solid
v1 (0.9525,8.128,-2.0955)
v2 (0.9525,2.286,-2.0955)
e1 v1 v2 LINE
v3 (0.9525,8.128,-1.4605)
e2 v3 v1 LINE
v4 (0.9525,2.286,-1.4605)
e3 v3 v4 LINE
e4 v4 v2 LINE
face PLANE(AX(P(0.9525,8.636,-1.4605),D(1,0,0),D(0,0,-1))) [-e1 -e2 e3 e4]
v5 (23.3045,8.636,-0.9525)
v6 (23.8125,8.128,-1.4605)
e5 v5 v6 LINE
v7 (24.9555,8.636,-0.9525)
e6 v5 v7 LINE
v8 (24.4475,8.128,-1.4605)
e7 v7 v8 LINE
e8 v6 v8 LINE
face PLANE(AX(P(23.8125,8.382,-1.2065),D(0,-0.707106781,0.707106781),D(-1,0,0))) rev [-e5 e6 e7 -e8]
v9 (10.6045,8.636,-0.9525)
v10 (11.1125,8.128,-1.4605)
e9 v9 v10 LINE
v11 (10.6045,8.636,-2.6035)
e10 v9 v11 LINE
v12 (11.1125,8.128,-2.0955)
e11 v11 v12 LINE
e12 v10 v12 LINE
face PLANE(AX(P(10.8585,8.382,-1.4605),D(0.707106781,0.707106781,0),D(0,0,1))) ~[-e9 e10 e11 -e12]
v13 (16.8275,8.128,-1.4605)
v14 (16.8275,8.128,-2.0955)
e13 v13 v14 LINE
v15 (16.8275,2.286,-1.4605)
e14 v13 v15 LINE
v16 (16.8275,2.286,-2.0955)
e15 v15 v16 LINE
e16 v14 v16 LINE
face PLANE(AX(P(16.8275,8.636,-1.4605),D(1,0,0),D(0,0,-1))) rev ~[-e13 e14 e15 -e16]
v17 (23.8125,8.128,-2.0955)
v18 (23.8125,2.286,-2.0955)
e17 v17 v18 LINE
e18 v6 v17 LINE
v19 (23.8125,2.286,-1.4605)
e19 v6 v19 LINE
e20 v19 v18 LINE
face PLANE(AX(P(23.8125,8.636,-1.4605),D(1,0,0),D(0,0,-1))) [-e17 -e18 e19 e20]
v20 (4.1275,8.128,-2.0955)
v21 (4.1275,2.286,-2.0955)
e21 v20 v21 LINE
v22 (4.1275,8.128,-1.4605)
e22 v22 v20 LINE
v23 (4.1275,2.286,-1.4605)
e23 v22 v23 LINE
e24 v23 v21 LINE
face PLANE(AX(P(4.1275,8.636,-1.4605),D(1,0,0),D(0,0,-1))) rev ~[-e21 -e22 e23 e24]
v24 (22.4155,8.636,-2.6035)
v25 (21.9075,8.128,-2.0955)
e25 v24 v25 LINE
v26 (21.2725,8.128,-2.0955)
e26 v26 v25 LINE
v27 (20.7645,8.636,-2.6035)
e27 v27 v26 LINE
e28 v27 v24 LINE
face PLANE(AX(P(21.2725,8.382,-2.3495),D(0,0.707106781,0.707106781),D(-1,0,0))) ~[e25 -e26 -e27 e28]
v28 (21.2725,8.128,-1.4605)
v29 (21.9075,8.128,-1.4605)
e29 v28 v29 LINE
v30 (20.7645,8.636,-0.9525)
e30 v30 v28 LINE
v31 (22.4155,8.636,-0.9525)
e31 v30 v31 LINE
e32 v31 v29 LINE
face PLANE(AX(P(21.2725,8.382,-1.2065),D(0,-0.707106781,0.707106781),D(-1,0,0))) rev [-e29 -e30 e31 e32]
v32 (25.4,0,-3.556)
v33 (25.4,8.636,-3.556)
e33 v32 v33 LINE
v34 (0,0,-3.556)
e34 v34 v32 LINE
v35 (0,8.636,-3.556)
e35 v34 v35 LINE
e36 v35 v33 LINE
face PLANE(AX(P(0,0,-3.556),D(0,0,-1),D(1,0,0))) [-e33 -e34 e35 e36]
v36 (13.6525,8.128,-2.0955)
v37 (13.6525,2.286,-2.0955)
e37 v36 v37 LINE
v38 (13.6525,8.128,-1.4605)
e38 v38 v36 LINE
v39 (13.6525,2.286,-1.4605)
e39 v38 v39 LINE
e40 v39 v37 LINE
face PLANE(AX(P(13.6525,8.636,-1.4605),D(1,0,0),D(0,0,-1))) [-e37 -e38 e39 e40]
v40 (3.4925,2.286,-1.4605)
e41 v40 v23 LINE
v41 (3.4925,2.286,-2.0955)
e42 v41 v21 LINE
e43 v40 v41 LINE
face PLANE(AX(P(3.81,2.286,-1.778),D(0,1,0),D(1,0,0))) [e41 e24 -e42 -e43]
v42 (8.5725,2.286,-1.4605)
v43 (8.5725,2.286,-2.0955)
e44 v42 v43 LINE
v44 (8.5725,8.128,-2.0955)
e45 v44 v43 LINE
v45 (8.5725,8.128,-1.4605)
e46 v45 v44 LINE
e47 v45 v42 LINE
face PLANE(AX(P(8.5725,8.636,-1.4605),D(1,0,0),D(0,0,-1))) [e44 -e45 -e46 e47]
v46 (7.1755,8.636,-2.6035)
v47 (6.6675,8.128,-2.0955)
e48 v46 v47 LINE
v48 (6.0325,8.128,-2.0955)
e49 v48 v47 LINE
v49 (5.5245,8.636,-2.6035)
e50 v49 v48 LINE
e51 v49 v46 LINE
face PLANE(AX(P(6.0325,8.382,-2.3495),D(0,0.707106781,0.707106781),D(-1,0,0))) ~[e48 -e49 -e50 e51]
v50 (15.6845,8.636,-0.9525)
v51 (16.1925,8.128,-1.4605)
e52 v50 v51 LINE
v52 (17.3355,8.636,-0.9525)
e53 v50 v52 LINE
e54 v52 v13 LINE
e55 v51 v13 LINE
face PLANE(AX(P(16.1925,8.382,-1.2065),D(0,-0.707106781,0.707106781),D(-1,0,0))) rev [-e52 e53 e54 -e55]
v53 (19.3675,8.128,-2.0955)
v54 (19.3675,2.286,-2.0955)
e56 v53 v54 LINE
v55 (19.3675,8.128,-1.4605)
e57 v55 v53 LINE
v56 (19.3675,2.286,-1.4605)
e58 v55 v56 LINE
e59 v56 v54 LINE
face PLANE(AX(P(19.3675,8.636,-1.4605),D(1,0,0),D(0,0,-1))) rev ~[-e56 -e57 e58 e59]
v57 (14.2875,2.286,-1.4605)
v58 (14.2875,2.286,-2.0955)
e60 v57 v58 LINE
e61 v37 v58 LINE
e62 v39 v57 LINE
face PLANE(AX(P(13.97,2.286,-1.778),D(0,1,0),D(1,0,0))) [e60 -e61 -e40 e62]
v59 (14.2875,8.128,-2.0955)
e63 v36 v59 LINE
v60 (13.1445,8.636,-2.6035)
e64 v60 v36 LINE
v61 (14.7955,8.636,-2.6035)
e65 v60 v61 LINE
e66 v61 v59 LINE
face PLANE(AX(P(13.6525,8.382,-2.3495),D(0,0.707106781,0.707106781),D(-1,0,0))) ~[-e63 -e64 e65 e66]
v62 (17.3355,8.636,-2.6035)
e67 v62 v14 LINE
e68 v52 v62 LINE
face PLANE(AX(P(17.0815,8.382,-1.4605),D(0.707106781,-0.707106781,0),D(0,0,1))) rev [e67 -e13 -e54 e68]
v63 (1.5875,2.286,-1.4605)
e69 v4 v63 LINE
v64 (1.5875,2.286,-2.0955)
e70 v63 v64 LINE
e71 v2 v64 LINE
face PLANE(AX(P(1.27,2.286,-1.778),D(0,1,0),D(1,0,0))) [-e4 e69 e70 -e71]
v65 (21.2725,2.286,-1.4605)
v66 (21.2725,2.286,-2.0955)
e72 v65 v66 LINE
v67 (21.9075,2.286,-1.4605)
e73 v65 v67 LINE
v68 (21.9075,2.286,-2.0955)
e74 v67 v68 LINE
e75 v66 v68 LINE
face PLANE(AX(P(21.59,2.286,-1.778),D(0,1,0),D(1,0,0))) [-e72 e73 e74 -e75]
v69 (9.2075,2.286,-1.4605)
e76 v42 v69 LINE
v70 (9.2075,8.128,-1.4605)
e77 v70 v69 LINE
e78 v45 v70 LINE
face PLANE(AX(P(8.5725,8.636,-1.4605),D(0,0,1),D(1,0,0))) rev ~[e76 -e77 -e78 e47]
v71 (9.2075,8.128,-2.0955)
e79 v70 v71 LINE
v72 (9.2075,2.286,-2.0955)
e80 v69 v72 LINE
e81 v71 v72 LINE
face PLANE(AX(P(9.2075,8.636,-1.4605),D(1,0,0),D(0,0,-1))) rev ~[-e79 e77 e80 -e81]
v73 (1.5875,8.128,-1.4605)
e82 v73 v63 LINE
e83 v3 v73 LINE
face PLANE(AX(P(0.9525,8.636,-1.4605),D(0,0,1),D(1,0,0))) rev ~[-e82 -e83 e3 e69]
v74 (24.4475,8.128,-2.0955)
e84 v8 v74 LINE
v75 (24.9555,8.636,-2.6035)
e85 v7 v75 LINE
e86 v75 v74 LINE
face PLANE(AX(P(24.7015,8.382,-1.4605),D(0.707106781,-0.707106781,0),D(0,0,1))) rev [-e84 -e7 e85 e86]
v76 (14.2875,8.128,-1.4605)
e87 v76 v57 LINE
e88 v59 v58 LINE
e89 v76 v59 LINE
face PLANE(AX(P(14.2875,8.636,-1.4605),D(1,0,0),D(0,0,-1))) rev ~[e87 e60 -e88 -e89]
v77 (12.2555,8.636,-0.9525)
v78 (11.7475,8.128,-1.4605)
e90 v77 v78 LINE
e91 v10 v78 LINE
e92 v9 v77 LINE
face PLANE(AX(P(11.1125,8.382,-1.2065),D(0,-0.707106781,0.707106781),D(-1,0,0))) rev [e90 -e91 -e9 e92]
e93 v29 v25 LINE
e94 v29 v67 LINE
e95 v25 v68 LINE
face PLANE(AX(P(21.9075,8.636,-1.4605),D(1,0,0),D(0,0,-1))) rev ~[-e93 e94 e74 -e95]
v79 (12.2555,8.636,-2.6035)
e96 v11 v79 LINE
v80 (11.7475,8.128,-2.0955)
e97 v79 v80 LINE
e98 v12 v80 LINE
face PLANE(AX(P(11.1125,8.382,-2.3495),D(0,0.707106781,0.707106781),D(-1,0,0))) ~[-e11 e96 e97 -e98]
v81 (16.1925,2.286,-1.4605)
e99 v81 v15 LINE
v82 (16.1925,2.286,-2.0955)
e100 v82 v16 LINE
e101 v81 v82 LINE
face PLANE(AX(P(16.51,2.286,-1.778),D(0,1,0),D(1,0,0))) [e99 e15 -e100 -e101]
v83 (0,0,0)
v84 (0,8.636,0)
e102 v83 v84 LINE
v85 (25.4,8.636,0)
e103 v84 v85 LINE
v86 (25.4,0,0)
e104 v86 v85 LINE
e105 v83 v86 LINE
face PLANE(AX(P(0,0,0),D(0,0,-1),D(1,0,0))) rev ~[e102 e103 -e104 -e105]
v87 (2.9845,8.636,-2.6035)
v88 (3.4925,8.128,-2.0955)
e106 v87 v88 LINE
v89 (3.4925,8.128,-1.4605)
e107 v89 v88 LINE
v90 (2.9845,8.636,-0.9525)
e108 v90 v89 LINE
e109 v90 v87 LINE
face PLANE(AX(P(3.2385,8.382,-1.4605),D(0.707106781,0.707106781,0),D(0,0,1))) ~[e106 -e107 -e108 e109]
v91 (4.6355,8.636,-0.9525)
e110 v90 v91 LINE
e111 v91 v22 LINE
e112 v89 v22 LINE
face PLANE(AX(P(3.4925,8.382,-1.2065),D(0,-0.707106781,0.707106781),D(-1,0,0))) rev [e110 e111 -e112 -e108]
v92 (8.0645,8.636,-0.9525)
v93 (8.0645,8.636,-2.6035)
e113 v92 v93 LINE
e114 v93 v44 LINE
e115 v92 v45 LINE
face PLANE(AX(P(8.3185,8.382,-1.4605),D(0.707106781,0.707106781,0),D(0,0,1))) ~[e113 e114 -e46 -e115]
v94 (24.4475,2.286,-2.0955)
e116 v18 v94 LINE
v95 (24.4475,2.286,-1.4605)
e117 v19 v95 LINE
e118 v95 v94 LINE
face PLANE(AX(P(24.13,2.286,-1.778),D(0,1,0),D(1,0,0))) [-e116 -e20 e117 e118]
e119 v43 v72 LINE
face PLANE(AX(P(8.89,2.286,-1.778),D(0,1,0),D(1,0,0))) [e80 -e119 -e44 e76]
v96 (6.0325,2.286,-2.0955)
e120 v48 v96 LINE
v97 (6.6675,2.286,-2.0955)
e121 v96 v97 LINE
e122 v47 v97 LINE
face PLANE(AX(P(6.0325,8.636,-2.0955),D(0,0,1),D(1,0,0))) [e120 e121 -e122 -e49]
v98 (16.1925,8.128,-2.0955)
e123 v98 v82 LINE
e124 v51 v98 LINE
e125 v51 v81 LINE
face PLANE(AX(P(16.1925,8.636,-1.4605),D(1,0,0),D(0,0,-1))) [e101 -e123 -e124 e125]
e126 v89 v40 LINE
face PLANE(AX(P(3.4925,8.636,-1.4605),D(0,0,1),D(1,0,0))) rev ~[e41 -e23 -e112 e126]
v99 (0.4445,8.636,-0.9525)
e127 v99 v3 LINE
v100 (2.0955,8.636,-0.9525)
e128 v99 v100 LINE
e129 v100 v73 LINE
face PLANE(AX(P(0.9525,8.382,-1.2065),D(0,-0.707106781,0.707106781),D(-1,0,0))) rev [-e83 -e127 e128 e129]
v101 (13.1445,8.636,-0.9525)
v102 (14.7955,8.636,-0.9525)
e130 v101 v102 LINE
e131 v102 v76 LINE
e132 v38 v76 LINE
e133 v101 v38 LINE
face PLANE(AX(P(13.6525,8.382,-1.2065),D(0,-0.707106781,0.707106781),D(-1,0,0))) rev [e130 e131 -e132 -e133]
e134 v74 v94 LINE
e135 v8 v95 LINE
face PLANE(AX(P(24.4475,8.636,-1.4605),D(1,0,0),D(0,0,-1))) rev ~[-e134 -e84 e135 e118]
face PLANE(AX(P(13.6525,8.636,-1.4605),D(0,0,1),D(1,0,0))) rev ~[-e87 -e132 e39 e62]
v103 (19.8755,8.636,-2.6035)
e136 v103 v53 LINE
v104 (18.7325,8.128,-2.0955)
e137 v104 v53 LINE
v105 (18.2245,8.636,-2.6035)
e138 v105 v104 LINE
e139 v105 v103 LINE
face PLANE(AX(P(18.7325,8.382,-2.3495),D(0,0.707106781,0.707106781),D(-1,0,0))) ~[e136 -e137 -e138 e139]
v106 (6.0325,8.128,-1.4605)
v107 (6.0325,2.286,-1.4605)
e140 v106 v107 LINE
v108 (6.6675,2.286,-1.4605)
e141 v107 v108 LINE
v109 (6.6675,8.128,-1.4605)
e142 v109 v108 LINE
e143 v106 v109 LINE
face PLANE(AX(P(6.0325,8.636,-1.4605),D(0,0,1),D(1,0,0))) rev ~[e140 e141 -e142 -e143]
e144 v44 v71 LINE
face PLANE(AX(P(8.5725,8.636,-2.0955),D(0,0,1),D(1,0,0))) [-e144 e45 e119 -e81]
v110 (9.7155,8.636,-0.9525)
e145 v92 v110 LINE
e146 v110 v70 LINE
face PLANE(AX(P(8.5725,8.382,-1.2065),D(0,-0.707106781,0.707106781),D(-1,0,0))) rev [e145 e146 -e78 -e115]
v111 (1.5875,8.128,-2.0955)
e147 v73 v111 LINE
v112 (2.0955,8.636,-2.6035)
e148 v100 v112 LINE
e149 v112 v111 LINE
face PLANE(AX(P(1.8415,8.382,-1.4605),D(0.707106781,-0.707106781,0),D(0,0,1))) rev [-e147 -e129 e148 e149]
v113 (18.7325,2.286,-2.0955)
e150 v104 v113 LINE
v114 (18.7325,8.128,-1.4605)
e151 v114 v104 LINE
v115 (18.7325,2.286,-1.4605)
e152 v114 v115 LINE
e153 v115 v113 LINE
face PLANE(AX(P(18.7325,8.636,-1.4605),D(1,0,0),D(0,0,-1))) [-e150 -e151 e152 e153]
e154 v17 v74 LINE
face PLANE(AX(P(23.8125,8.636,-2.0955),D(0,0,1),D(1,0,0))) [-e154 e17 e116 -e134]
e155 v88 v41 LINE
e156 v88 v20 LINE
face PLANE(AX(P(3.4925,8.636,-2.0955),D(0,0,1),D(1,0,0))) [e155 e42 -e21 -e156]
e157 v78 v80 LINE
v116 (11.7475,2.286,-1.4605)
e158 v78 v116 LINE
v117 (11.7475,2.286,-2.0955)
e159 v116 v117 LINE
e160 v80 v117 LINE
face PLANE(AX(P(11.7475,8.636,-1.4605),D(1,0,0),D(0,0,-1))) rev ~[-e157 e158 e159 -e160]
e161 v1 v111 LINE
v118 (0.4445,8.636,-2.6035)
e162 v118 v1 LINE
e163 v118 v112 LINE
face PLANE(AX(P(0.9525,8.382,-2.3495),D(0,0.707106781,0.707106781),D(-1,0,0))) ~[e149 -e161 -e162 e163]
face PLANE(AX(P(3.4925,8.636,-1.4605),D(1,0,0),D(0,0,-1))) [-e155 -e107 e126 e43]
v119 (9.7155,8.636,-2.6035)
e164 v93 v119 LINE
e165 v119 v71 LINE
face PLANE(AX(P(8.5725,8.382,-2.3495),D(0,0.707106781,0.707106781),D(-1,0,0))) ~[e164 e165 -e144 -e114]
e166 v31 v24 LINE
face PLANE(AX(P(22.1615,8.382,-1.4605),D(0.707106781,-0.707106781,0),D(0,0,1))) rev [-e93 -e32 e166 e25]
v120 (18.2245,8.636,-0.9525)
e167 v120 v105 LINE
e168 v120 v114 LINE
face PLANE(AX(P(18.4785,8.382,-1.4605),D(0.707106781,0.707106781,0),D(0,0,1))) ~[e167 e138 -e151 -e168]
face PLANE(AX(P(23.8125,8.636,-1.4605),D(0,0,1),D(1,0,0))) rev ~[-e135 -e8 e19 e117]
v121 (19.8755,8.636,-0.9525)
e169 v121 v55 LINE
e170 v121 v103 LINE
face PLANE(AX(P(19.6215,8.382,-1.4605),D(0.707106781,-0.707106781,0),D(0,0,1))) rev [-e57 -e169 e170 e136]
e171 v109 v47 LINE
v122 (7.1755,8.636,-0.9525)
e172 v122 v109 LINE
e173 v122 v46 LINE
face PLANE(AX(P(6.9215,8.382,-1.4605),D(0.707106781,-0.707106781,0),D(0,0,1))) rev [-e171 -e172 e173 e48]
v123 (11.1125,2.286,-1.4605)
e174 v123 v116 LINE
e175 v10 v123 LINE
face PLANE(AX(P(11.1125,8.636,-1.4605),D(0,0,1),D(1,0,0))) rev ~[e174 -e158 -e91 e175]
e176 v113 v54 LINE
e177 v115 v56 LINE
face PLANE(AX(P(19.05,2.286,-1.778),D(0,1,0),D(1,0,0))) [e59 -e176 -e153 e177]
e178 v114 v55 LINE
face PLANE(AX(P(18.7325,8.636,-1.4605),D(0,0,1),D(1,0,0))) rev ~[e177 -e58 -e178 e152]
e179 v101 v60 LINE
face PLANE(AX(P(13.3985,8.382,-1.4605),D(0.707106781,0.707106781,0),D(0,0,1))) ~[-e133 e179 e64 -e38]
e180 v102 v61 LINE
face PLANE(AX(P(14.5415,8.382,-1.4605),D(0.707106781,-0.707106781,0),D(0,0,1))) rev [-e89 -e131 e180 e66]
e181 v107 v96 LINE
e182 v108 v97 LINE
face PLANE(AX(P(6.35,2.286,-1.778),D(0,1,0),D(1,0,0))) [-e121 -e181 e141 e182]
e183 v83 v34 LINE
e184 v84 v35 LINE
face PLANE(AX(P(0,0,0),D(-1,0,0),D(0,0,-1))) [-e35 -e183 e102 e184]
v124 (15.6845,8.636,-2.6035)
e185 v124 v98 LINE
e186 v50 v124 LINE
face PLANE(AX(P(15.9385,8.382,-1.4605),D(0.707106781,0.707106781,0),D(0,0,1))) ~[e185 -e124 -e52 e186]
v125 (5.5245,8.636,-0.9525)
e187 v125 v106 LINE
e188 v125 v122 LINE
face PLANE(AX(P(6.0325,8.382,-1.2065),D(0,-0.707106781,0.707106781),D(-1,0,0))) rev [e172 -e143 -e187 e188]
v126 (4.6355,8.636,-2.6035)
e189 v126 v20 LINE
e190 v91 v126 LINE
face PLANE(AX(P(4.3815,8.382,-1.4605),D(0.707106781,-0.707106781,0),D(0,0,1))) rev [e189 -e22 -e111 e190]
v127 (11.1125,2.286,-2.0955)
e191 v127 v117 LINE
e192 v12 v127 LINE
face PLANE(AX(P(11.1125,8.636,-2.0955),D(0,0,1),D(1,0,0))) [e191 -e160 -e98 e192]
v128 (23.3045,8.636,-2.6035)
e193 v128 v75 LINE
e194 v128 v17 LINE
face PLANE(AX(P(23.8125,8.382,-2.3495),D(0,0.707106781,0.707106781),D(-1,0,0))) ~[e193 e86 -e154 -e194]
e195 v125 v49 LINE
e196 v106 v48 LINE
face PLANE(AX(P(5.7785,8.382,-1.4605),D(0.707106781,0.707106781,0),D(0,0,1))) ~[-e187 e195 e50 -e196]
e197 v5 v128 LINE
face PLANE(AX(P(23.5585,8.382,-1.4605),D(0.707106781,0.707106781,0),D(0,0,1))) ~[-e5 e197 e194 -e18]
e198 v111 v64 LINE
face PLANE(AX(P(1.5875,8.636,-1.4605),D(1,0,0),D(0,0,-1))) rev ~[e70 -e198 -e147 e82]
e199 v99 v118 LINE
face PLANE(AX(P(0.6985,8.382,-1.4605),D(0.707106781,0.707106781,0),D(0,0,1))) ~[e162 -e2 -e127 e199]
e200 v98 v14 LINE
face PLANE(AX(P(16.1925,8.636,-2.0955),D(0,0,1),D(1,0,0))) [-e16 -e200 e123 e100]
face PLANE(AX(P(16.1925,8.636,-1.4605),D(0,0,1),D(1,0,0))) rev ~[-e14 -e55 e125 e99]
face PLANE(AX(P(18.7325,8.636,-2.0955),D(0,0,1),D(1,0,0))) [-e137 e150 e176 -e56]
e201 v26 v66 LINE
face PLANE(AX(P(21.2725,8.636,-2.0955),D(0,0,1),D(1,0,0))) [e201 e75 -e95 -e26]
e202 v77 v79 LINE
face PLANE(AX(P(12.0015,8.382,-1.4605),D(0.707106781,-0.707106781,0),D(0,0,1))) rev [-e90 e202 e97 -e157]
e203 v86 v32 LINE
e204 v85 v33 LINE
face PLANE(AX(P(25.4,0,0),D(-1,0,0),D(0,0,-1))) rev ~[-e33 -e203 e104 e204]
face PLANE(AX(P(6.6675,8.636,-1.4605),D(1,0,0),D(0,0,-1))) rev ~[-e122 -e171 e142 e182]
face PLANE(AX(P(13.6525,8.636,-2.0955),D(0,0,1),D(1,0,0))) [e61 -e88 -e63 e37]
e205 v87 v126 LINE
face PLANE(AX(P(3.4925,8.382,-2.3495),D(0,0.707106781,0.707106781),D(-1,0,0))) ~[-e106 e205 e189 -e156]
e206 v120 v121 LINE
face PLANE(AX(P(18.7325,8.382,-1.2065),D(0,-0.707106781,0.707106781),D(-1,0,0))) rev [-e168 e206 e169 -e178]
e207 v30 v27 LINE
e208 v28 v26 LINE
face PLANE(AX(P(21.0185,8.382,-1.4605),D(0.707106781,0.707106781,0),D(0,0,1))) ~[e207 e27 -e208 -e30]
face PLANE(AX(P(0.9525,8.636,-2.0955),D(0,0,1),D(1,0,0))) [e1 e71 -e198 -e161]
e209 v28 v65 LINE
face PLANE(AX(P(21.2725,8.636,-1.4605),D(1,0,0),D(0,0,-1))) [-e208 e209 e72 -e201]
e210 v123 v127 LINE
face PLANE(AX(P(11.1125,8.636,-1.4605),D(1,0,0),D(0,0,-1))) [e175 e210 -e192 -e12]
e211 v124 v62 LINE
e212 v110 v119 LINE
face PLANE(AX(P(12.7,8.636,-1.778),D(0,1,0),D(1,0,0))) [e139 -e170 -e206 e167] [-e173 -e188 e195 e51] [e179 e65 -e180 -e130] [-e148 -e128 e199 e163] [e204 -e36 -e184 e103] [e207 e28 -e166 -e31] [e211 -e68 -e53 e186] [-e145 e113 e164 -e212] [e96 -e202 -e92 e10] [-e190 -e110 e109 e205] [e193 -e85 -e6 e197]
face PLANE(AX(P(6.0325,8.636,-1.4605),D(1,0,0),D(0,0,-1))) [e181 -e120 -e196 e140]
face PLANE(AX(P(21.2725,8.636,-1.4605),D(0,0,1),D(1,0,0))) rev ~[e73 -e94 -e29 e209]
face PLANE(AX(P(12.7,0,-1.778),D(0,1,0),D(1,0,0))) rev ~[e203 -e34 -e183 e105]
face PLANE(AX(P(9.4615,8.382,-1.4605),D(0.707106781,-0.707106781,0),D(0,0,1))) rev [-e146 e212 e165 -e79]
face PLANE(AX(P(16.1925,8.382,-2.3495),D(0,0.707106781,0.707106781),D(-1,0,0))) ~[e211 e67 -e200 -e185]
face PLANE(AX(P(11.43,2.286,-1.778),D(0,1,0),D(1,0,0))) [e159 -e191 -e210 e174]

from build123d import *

# Parameters (mm, degrees)
SKETCH1_W                  = 25.4
SKETCH1_H                  = 3.556
BOSS_EXTRUDE1_DEPTH        = 8.636
SKETCH2_W                  = 0.635
SKETCH2_H                  = 0.635
CUT_EXTRUDE1_DEPTH         = 6.35
CHAMFER1_SIZE              = 0.508
LPATTERN1_COUNT            = 10
LPATTERN1_PITCH            = 2.54
CHAMFER1_OF_LPATTERN1_SIZE = 0.508


with BuildPart() as part:
    # Sketch1 → Boss-Extrude1 (new body)
    with BuildSketch(Plane(origin=(0, 0, 0), x_dir=(1, 0, 0), z_dir=(0, 1, 0))):
        with Locations((12.7, 1.778)):
            Rectangle(SKETCH1_W, SKETCH1_H)
    extrude(amount=BOSS_EXTRUDE1_DEPTH)

    # Sketch2 → Cut-Extrude1 (cut)
    with BuildSketch(Plane(origin=(0, 8.636, 0), x_dir=(1, 0, 0), z_dir=(0, 1, 0))):
        with Locations((1.27, 1.778)):
            Rectangle(SKETCH2_W, SKETCH2_H)
    cut_extrude1 = extrude(amount=-CUT_EXTRUDE1_DEPTH, mode=Mode.SUBTRACT)

    # Chamfer1
    chamfer1_edges = [part.edges().sort_by_distance(p)[0] for p in [
        (1.5875, 8.636, -1.778),
        (1.27, 8.636, -2.0955),
        (0.9525, 8.636, -1.778),
        (1.27, 8.636, -1.4605),
    ]]
    chamfer(chamfer1_edges, length=CHAMFER1_SIZE)

    # LPattern1: Cut-Extrude1 ×10
    with Locations(*[(i * LPATTERN1_PITCH, 0, 0) for i in range(1, LPATTERN1_COUNT)]):
        add(cut_extrude1, mode=Mode.SUBTRACT)

    # Chamfer1 of LPattern1
    chamfer1_of_lpattern1_edges = [part.edges().sort_by_distance(p)[0] for p in [
        (4.1275, 8.636, -1.778),
        (3.81, 8.636, -2.0955),
        (3.4925, 8.636, -1.778),
        (3.81, 8.636, -1.4605),
        (6.6675, 8.636, -1.778),
        (6.35, 8.636, -2.0955),
        (6.0325, 8.636, -1.778),
        (6.35, 8.636, -1.4605),
        (9.2075, 8.636, -1.778),
        (8.89, 8.636, -2.0955),
        (8.5725, 8.636, -1.778),
        (8.89, 8.636, -1.4605),
        (11.7475, 8.636, -1.778),
        (11.43, 8.636, -2.0955),
        (11.1125, 8.636, -1.778),
        (11.43, 8.636, -1.4605),
        (14.2875, 8.636, -1.778),
        (13.97, 8.636, -2.0955),
        (13.6525, 8.636, -1.778),
        (13.97, 8.636, -1.4605),
        (16.8275, 8.636, -1.778),
        (16.51, 8.636, -2.0955),
        (16.1925, 8.636, -1.778),
        (16.51, 8.636, -1.4605),
        (19.3675, 8.636, -1.778),
        (19.05, 8.636, -2.0955),
        (18.7325, 8.636, -1.778),
        (19.05, 8.636, -1.4605),
        (21.9075, 8.636, -1.778),
        (21.59, 8.636, -2.0955),
        (21.2725, 8.636, -1.778),
        (21.59, 8.636, -1.4605),
        (24.4475, 8.636, -1.778),
        (24.13, 8.636, -2.0955),
        (23.8125, 8.636, -1.778),
        (24.13, 8.636, -1.4605),
    ]]
    chamfer(chamfer1_of_lpattern1_edges, length=CHAMFER1_OF_LPATTERN1_SIZE)


solid = part.part
